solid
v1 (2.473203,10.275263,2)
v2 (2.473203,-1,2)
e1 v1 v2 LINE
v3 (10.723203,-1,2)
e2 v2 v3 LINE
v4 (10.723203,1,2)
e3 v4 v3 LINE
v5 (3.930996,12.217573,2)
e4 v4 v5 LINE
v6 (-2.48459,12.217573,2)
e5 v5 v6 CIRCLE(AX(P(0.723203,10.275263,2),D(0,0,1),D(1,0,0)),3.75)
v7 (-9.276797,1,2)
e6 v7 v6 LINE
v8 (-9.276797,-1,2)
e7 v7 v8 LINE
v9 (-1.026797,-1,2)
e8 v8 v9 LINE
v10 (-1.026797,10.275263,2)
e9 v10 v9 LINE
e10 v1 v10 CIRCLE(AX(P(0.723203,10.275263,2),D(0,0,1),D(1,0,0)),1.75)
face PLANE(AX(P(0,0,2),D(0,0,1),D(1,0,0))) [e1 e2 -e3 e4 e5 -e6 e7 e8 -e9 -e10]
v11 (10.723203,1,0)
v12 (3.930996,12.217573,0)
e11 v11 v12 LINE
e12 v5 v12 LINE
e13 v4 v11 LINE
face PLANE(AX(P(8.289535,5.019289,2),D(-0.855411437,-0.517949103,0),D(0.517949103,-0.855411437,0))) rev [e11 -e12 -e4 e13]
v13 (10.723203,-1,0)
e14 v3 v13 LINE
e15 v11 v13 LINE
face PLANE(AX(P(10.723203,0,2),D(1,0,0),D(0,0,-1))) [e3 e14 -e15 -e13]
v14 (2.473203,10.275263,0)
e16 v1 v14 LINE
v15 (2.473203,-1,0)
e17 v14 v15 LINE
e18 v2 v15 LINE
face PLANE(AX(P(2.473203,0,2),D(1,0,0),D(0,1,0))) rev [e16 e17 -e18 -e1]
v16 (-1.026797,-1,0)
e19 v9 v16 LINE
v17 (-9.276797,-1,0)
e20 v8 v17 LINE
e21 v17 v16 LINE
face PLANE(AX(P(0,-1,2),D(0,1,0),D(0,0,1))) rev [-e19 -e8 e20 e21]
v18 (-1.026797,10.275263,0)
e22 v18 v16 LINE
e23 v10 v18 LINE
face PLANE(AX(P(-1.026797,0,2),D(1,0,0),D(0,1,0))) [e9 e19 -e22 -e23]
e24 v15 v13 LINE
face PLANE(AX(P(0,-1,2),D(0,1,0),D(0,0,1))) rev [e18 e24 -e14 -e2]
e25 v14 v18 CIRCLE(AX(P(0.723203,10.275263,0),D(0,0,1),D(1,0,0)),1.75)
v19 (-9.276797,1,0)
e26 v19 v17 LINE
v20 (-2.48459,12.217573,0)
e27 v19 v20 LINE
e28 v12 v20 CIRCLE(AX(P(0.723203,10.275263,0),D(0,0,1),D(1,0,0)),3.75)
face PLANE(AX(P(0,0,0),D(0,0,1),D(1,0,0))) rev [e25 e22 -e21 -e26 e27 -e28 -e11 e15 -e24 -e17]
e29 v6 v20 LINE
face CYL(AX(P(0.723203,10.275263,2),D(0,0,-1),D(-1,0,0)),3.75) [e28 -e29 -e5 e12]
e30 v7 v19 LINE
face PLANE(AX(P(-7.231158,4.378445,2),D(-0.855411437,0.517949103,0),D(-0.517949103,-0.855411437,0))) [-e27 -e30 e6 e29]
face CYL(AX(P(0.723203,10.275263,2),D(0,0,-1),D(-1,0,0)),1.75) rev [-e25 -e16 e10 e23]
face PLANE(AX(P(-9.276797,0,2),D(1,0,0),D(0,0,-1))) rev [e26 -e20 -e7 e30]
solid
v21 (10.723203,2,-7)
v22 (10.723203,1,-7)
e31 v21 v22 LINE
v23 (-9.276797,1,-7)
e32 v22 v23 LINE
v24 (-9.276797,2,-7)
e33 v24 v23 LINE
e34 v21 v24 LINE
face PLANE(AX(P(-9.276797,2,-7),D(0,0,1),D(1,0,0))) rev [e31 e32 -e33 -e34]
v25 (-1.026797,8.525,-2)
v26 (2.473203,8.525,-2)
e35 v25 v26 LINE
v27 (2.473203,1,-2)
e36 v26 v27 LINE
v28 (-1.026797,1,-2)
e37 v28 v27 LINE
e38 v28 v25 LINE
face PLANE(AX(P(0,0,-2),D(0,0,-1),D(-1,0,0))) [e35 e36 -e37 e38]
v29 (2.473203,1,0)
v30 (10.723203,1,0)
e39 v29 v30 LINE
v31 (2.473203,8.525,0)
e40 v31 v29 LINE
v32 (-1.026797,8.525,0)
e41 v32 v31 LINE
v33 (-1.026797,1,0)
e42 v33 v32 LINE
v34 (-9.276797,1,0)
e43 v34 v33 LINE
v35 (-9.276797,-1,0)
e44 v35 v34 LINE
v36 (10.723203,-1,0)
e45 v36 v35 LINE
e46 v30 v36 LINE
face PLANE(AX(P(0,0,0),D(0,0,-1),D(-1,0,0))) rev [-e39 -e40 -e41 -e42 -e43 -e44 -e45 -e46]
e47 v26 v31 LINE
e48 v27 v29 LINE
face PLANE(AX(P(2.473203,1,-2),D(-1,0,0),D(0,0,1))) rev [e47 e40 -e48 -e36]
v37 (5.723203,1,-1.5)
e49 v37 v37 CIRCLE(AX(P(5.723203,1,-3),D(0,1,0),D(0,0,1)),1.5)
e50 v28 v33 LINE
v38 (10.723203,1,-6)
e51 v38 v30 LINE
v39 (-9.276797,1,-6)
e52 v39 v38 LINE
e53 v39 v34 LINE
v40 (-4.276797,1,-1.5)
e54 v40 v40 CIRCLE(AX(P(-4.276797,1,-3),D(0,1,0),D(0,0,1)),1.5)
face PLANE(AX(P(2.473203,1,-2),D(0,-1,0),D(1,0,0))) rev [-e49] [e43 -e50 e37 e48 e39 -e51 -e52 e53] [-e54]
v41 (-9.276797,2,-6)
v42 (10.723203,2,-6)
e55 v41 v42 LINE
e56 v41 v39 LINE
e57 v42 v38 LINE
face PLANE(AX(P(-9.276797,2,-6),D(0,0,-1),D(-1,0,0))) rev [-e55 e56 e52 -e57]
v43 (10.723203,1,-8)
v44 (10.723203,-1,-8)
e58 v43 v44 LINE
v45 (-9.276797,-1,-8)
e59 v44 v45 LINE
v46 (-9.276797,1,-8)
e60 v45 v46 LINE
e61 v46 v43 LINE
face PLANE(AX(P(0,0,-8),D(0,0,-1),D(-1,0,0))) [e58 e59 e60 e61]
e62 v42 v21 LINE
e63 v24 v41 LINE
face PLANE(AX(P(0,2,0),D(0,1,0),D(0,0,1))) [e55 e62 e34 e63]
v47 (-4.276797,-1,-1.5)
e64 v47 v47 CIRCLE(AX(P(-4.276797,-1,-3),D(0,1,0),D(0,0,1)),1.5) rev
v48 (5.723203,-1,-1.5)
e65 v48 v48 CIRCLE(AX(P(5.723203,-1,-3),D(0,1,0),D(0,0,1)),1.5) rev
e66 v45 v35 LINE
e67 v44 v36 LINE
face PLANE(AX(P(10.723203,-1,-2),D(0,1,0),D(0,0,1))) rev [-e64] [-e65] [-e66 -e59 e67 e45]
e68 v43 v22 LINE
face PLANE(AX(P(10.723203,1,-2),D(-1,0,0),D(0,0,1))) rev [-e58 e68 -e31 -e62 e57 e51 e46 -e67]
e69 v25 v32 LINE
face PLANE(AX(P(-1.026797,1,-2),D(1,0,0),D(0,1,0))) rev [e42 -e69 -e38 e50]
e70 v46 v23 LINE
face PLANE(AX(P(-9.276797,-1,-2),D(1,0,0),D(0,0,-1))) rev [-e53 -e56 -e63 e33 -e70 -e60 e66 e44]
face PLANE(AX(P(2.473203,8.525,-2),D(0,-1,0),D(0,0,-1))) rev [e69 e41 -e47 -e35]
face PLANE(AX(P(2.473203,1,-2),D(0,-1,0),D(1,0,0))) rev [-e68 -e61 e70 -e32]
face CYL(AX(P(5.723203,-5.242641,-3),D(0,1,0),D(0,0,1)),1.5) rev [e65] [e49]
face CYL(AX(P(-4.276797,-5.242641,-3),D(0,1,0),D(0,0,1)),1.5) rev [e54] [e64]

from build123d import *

# Parameters (mm, degrees)
BOSS_EXTRUDE1_DEPTH = 2
BOSS_EXTRUDE4_DEPTH = 2
SKETCH4_W           = 20
SKETCH4_H           = 2
BOSS_EXTRUDE5_DEPTH = 6
SKETCH5_W           = 20
SKETCH5_H           = 1
BOSS_EXTRUDE6_DEPTH = 1
SKETCH6_R           = 1.5
CUT_EXTRUDE2_DEPTH  = 2


with BuildPart() as part:
    # Sketch1 → Boss-Extrude1 (new body)
    with BuildSketch(Plane.XY):
        with BuildLine():
            Line((10.723202921, -1), (10.723202921, 1))
            Line((10.723202921, 1), (3.93099581, 12.217572551))
            ThreePointArc((3.93099581, 12.217572551), (0.723202921, 14.025263413), (-2.484589967, 12.217572551))
            Line((-2.484589967, 12.217572551), (-9.276797079, 1))
            Line((-9.276797079, 1), (-9.276797079, -1))
            Line((-9.276797079, -1), (-1.026797079, -1))
            Line((-1.026797079, -1), (-1.026797079, 10.275263413))
            ThreePointArc((-1.026797079, 10.275263413), (0.723202921, 12.025263413), (2.473202921, 10.275263413))
            Line((2.473202921, 10.275263413), (2.473202921, -1))
            Line((2.473202921, -1), (10.723202921, -1))
        make_face()
    extrude(amount=BOSS_EXTRUDE1_DEPTH)


with BuildPart() as body_2:
    # Sketch2 → Boss-Extrude4 (new body)
    with BuildSketch(Plane(origin=(0, 0, 0), x_dir=(-1, 0, 0), z_dir=(0, 0, -1))):
        Polygon((-10.723202921, -1), (9.276797079, -1), (9.276797079, 1), (1.026797079, 1), (1.026797079, 8.525), (-2.473202921, 8.525), (-2.473202921, 1), (-10.723202921, 1), align=None)
    extrude(amount=BOSS_EXTRUDE4_DEPTH)

    # Sketch4 → Boss-Extrude5 (add)
    with BuildSketch(Plane(origin=(0, 0, -2), x_dir=(-1, 0, 0), z_dir=(0, 0, -1))):
        with Locations((-0.723202921, 0)):
            Rectangle(SKETCH4_W, SKETCH4_H)
    extrude(amount=BOSS_EXTRUDE5_DEPTH)

    # Sketch5 → Boss-Extrude6 (add)
    with BuildSketch(Plane(origin=(0, 1, 0), x_dir=(1, 0, 0), z_dir=(0, 1, 0))):
        with Locations((0.723202921, 6.5)):
            Rectangle(SKETCH5_W, SKETCH5_H)
    extrude(amount=BOSS_EXTRUDE6_DEPTH)

    # Sketch6 → Cut-Extrude2 (cut)
    with BuildSketch(Plane(origin=(0, 1, 0), x_dir=(1, 0, 0), z_dir=(0, 1, 0))):
        with Locations(Location((5.723202921, 3, 0), (0, 0, 270))):
            Circle(SKETCH6_R)
        with Locations(Location((-4.276797079, 3, 0), (0, 0, 270))):
            Circle(SKETCH6_R)
    extrude(amount=-CUT_EXTRUDE2_DEPTH, mode=Mode.SUBTRACT)


solid = Compound([part.part, body_2.part])
